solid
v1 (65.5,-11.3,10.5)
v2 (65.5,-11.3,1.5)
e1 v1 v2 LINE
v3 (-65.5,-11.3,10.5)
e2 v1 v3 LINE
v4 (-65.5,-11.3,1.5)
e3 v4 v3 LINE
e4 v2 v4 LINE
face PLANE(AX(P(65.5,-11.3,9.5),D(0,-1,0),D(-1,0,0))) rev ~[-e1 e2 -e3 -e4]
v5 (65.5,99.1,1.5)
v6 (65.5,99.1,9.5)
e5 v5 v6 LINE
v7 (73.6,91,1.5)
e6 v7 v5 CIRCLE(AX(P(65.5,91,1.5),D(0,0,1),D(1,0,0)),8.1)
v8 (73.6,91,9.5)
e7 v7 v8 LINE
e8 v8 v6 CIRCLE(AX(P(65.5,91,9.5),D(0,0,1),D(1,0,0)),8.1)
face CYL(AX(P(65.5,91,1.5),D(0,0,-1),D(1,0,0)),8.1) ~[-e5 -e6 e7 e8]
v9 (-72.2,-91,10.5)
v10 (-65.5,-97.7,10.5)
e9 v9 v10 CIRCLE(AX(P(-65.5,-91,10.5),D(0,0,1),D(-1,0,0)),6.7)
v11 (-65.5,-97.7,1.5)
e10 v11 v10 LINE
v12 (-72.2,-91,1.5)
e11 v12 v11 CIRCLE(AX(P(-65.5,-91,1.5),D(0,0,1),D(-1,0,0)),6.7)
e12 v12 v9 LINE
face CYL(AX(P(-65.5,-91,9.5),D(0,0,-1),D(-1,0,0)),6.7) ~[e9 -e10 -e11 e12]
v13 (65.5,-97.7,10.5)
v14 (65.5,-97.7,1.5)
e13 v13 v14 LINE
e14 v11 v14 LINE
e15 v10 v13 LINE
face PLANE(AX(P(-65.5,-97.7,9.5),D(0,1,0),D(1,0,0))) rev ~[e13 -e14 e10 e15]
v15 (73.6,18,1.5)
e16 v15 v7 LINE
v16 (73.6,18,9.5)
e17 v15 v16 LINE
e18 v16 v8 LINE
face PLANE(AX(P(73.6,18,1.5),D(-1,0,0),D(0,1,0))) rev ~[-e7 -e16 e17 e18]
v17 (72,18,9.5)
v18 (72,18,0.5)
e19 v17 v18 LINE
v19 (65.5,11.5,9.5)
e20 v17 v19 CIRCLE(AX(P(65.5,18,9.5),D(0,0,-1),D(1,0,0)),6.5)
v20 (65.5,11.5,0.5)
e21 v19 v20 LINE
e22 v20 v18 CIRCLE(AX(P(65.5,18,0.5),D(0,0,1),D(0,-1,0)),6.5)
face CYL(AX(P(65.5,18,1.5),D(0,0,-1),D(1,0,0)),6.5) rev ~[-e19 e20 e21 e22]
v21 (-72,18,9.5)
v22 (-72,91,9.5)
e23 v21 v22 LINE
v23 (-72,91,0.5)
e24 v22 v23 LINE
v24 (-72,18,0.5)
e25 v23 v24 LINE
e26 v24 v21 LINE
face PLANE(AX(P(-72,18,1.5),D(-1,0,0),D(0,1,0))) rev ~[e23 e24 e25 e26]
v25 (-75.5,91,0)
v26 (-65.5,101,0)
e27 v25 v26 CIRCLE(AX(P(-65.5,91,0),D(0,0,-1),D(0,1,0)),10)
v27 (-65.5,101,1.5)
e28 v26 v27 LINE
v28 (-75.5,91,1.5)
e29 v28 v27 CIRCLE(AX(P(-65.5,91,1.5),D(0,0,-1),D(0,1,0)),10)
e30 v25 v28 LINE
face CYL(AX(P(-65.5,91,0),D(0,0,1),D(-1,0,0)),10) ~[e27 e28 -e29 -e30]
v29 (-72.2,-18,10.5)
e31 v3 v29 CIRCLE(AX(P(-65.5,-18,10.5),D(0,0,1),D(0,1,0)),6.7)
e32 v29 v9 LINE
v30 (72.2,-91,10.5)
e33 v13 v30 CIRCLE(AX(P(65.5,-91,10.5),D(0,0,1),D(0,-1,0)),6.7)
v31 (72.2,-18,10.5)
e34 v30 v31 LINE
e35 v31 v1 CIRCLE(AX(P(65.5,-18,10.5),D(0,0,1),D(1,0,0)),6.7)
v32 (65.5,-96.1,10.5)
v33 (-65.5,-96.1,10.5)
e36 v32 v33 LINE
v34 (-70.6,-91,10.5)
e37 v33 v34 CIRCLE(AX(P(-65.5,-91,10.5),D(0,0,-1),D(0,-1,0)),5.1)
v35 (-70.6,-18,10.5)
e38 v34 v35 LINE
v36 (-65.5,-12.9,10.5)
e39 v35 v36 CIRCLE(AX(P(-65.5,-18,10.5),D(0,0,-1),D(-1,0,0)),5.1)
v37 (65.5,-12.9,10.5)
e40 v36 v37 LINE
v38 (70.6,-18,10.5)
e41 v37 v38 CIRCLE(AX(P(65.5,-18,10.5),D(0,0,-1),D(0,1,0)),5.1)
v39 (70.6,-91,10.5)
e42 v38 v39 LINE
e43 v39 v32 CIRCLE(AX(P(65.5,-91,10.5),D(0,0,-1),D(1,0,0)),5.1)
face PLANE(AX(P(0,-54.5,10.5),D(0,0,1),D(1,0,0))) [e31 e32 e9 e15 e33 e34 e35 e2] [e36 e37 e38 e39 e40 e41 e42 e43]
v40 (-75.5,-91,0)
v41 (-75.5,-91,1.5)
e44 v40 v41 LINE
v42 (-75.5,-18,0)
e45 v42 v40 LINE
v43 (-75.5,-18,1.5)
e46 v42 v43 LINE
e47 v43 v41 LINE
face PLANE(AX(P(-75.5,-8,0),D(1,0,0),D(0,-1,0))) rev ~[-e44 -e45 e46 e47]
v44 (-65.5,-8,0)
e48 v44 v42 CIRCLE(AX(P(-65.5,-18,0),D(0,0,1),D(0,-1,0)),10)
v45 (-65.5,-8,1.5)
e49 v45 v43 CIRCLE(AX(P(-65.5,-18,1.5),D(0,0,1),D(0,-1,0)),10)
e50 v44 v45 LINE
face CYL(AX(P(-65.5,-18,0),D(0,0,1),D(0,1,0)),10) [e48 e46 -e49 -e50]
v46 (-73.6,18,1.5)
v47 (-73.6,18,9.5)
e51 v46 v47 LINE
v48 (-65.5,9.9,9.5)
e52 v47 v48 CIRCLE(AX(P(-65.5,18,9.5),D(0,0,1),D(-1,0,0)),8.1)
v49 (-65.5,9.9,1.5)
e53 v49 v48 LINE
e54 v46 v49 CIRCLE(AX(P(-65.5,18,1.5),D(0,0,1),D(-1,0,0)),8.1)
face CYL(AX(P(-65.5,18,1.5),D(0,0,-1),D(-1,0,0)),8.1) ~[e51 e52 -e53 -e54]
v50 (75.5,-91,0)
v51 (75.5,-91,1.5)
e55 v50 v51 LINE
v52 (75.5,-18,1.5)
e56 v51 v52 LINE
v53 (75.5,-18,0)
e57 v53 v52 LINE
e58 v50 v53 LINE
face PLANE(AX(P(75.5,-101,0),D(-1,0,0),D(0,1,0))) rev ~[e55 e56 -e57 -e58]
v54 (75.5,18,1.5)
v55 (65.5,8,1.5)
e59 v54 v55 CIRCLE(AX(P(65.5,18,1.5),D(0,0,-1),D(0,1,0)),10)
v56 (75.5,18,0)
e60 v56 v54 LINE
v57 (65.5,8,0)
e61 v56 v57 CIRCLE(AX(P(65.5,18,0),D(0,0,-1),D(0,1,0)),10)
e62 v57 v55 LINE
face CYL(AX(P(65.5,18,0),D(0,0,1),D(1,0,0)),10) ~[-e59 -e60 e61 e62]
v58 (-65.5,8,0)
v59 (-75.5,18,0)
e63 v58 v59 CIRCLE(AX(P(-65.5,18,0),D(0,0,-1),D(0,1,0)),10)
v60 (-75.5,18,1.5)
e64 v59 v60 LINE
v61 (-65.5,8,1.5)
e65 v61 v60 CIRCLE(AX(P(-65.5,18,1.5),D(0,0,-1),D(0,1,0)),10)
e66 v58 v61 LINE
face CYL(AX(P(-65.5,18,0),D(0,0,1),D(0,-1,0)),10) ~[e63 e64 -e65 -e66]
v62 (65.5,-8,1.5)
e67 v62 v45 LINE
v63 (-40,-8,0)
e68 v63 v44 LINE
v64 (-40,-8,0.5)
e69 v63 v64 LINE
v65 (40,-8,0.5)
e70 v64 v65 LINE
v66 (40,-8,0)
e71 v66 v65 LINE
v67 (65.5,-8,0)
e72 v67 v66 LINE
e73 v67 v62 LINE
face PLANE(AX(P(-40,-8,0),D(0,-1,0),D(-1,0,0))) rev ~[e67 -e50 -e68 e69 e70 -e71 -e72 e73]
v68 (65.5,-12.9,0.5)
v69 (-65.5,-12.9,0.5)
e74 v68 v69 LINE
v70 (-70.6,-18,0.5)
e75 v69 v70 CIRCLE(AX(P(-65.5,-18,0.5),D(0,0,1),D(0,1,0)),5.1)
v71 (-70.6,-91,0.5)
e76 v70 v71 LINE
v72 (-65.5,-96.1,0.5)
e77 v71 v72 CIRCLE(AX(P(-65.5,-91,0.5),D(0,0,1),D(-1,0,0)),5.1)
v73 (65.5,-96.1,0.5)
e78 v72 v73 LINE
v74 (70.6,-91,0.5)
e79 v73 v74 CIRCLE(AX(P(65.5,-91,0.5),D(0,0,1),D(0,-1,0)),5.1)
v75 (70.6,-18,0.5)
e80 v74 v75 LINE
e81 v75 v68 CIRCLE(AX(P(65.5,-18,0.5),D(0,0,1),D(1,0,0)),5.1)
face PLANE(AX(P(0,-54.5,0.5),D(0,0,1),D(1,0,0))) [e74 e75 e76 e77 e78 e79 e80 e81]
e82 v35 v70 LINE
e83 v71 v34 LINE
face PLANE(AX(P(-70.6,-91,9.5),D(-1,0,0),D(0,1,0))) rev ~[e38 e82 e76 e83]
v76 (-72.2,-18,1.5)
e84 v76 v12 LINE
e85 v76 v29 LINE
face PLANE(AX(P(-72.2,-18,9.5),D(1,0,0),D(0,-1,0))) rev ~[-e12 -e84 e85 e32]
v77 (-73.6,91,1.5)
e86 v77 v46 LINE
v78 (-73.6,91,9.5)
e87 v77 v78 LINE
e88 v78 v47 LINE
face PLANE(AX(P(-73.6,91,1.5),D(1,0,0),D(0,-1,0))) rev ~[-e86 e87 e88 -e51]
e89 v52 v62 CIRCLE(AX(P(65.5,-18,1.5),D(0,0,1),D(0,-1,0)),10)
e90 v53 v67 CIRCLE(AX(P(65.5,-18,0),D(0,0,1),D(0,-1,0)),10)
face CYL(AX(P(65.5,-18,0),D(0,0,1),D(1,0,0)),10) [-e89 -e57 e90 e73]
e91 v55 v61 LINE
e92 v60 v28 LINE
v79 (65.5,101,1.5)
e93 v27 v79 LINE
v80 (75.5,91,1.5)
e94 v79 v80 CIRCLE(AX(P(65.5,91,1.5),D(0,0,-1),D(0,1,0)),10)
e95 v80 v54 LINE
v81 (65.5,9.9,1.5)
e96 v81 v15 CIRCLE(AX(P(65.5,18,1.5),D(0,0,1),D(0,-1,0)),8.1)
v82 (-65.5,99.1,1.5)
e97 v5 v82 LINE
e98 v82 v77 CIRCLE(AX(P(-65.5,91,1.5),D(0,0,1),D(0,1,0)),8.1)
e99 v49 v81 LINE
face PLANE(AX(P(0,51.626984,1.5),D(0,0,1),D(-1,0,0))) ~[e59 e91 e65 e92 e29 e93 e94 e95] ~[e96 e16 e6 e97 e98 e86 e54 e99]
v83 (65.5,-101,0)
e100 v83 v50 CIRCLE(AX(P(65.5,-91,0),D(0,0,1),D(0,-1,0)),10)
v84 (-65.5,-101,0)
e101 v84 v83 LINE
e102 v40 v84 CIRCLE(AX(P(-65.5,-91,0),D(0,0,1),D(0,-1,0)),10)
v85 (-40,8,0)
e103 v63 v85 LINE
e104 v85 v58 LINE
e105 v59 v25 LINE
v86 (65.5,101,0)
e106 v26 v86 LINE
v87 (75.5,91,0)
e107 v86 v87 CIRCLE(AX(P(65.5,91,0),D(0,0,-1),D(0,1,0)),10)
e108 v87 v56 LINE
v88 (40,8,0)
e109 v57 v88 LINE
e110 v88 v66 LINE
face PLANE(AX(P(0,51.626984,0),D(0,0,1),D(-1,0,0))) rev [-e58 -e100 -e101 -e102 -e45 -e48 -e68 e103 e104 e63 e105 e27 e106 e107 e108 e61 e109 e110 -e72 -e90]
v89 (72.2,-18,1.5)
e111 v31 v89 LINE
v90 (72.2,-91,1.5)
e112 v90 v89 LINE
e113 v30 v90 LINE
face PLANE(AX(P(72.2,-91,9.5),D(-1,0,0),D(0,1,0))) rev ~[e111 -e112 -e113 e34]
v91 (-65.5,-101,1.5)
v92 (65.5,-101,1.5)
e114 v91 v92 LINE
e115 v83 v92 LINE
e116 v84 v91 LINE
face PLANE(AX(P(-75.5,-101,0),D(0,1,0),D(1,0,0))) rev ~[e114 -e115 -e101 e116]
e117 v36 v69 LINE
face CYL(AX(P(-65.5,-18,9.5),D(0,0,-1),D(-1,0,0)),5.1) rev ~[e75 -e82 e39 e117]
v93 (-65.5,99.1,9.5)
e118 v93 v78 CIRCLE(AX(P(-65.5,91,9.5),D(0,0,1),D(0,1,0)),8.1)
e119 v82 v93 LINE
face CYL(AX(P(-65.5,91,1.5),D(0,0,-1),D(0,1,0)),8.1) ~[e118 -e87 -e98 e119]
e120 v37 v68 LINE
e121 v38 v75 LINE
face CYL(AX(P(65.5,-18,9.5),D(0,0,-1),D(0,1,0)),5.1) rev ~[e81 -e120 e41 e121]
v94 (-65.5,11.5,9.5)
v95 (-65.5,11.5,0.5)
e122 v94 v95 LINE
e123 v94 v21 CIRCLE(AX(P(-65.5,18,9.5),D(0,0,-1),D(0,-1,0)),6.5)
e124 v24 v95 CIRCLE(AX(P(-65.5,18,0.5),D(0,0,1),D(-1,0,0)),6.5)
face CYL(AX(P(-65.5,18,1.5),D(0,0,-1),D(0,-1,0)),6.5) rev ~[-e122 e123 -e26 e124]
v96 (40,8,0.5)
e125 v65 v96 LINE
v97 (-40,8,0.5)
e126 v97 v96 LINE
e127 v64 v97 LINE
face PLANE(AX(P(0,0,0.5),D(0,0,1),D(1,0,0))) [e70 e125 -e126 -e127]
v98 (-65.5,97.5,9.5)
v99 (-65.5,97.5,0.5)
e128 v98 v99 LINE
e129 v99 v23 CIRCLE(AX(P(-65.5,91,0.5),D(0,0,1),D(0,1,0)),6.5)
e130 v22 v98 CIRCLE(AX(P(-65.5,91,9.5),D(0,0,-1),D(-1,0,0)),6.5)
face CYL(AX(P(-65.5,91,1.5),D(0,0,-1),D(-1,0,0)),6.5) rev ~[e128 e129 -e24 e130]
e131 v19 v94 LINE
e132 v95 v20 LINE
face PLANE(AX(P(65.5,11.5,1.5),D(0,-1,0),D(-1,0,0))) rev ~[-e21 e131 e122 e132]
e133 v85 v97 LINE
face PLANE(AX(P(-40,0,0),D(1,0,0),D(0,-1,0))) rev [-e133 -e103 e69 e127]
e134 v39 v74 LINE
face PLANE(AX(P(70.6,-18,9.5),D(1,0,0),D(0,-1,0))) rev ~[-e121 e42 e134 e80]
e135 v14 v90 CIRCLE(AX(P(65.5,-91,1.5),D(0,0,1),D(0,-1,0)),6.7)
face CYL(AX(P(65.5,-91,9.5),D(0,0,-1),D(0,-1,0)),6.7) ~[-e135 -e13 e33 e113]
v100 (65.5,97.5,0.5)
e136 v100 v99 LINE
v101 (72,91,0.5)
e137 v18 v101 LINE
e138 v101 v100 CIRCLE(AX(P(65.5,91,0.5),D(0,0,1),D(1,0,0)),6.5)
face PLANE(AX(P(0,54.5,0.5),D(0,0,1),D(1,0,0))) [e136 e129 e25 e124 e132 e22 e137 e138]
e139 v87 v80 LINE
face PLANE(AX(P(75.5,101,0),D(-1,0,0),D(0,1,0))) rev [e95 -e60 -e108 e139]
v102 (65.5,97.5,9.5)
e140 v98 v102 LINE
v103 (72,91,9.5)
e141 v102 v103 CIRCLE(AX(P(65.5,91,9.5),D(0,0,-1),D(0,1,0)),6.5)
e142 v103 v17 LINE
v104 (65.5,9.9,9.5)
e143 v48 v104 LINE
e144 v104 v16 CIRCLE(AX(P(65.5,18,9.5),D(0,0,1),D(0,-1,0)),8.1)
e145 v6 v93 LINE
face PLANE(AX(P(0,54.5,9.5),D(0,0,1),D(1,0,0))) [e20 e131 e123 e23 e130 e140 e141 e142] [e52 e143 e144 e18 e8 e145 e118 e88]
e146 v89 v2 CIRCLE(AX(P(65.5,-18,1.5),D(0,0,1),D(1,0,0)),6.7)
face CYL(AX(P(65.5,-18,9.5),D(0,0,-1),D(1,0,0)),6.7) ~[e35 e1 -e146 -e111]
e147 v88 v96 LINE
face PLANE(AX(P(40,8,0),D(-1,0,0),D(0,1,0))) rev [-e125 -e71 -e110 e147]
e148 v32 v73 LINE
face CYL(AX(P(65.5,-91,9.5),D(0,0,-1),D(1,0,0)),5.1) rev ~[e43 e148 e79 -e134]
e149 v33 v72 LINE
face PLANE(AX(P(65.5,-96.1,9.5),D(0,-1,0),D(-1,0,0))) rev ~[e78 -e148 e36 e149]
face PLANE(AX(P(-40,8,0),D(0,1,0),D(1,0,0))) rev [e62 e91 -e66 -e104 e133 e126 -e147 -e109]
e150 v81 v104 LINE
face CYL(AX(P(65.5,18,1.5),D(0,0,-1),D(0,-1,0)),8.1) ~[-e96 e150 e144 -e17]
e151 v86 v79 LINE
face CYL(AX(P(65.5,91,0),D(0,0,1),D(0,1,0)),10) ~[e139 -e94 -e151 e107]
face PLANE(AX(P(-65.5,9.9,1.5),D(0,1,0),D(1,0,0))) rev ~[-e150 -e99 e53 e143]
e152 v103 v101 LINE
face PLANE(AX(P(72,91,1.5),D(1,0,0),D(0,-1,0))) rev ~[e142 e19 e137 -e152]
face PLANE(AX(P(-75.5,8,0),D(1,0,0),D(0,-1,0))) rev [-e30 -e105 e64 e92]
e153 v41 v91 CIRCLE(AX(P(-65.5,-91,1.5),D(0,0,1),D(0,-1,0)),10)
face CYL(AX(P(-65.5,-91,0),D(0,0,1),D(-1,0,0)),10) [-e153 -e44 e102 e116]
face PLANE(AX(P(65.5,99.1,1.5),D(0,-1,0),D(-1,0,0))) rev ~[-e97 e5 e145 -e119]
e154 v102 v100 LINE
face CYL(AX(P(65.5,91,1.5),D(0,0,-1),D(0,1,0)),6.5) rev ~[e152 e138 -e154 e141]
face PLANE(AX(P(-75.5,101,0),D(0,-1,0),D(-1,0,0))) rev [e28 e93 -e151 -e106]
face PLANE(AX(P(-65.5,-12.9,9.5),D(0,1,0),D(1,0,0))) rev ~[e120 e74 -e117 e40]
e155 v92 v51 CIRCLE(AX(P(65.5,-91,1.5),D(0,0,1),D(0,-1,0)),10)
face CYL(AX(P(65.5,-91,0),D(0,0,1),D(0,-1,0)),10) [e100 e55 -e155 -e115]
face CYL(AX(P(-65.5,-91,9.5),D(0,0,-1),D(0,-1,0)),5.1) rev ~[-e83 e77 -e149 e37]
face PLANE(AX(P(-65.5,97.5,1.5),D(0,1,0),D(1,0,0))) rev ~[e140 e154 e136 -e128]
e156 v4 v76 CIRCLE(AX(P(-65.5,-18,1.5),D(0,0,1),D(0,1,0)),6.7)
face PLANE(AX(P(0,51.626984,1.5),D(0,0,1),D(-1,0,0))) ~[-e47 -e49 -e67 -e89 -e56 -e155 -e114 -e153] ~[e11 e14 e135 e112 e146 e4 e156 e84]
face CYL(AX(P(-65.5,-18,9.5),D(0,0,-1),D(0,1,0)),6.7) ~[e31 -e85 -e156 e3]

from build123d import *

# Parameters (mm, degrees)
F1_DEPTH = 1.5
F2_R     = 10
F6_DEPTH = 8
F7_DEPTH = 1
F8_W     = 80
F8_H     = 16
F9_DEPTH = 1


with BuildPart() as f1:
    # F0 (on Top) → F1 (new body)
    with BuildSketch(Plane.XY):
        Polygon((40, 0), (-40, 0), (-40, -8), (-75.5, -8), (-75.5, -101), (75.5, -101), (75.5, -8), (40, -8), align=None)
    extrude(amount=F1_DEPTH)

    # F2
    f2_edges = [f1.edges().sort_by_distance(p)[0] for p in [
        (-75.5, -8, 0.75),
        (-75.5, -101, 0.75),
        (75.5, -101, 0.75),
        (75.5, -8, 0.75),
    ]]
    fillet(f2_edges, radius=F2_R)

    # F3: F1 across face


with BuildPart() as f1_1:
    add(f1.part)
    add(f1.part.mirror(Plane(origin=(0, 0, 0.75), x_dir=(-1, 0, 0), z_dir=(0, 1, 0))))

    # F5 (on face) → F6 (join)
    with BuildSketch(Plane.XY.offset(1.5)):
        with BuildLine():
            Line((65.5, -11.3), (40, -11.3))
            Line((40, -11.3), (-40, -11.3))
            Line((-40, -11.3), (-65.5, -11.3))
            ThreePointArc((-65.5, -11.3), (-70.2376154339, -13.2623845661), (-72.2, -18))
            Line((-72.2, -18), (-72.2, -91))
            ThreePointArc((-72.2, -91), (-70.2376154339, -95.7376154339), (-65.5, -97.7))
            Line((-65.5, -97.7), (65.5, -97.7))
            ThreePointArc((65.5, -97.7), (70.2376154339, -95.7376154339), (72.2, -91))
            Line((72.2, -91), (72.2, -18))
            ThreePointArc((72.2, -18), (70.2376154339, -13.2623845661), (65.5, -11.3))
        make_face()
        with BuildLine():
            Line((-70.6, -91), (-70.6, -18))
            ThreePointArc((-70.6, -18), (-69.1062445841, -14.3937554159), (-65.5, -12.9))
            Line((-65.5, -12.9), (-40, -12.9))
            Line((-40, -12.9), (40, -12.9))
            Line((40, -12.9), (65.5, -12.9))
            ThreePointArc((65.5, -12.9), (69.1062445841, -14.3937554159), (70.6, -18))
            Line((70.6, -18), (70.6, -91))
            ThreePointArc((70.6, -91), (69.1062445841, -94.6062445841), (65.5, -96.1))
            Line((65.5, -96.1), (-65.5, -96.1))
            ThreePointArc((-65.5, -96.1), (-69.1062445841, -94.6062445841), (-70.6, -91))
        make_face(mode=Mode.SUBTRACT)
        with BuildLine():
            ThreePointArc((-73.6, 18), (-71.2275649276, 12.2724350724), (-65.5, 9.9))
            Line((-65.5, 9.9), (-40, 9.9))
            Line((-40, 9.9), (40, 9.9))
            Line((40, 9.9), (65.5, 9.9))
            ThreePointArc((65.5, 9.9), (71.2275649276, 12.2724350724), (73.6, 18))
            Line((73.6, 18), (73.6, 91))
            ThreePointArc((73.6, 91), (71.2275649276, 96.7275649276), (65.5, 99.1))
            Line((65.5, 99.1), (-65.5, 99.1))
            ThreePointArc((-65.5, 99.1), (-71.2275649276, 96.7275649276), (-73.6, 91))
            Line((-73.6, 91), (-73.6, 18))
        make_face()
        with BuildLine():
            Line((-72, 18), (-72, 91))
            ThreePointArc((-72, 91), (-70.0961940777, 95.5961940777), (-65.5, 97.5))
            Line((-65.5, 97.5), (65.5, 97.5))
            ThreePointArc((65.5, 97.5), (70.0961940777, 95.5961940777), (72, 91))
            Line((72, 91), (72, 18))
            ThreePointArc((72, 18), (70.0961940777, 13.4038059223), (65.5, 11.5))
            Line((65.5, 11.5), (40, 11.5))
            Line((40, 11.5), (-40, 11.5))
            Line((-40, 11.5), (-65.5, 11.5))
            ThreePointArc((-65.5, 11.5), (-70.0961940777, 13.4038059223), (-72, 18))
        make_face(mode=Mode.SUBTRACT)
    extrude(amount=F6_DEPTH)

    # F7 (add): a face of the model
    f7_faces = [f1_1.faces().sort_by_distance(p)[0] for p in [
        (0, -11.4682745376, 9.5),
    ]]
    extrude(f7_faces, amount=F7_DEPTH)

    # F8 (on face) → F9 (cut, through all)
    with BuildSketch(Plane.XY.offset(1.5)):
        with BuildLine():
            Line((65.5, 97.5), (-65.5, 97.5))
            ThreePointArc((-65.5, 97.5), (-70.0961940777, 95.5961940777), (-72, 91))
            Line((-72, 91), (-72, 18))
            ThreePointArc((-72, 18), (-70.0961940777, 13.4038059223), (-65.5, 11.5))
            Line((-65.5, 11.5), (65.5, 11.5))
            ThreePointArc((65.5, 11.5), (70.0961940777, 13.4038059223), (72, 18))
            Line((72, 18), (72, 91))
            ThreePointArc((72, 91), (70.0961940777, 95.5961940777), (65.5, 97.5))
        make_face()
        Rectangle(F8_W, F8_H)
        with BuildLine():
            Line((70.6, -91), (70.6, -18))
            ThreePointArc((70.6, -18), (69.1062445841, -14.3937554159), (65.5, -12.9))
            Line((65.5, -12.9), (-65.5, -12.9))
            ThreePointArc((-65.5, -12.9), (-69.1062445841, -14.3937554159), (-70.6, -18))
            Line((-70.6, -18), (-70.6, -91))
            ThreePointArc((-70.6, -91), (-69.1062445841, -94.6062445841), (-65.5, -96.1))
            Line((-65.5, -96.1), (65.5, -96.1))
            ThreePointArc((65.5, -96.1), (69.1062445841, -94.6062445841), (70.6, -91))
        make_face()
    extrude(amount=-F9_DEPTH, mode=Mode.SUBTRACT)


solid = f1_1.part
